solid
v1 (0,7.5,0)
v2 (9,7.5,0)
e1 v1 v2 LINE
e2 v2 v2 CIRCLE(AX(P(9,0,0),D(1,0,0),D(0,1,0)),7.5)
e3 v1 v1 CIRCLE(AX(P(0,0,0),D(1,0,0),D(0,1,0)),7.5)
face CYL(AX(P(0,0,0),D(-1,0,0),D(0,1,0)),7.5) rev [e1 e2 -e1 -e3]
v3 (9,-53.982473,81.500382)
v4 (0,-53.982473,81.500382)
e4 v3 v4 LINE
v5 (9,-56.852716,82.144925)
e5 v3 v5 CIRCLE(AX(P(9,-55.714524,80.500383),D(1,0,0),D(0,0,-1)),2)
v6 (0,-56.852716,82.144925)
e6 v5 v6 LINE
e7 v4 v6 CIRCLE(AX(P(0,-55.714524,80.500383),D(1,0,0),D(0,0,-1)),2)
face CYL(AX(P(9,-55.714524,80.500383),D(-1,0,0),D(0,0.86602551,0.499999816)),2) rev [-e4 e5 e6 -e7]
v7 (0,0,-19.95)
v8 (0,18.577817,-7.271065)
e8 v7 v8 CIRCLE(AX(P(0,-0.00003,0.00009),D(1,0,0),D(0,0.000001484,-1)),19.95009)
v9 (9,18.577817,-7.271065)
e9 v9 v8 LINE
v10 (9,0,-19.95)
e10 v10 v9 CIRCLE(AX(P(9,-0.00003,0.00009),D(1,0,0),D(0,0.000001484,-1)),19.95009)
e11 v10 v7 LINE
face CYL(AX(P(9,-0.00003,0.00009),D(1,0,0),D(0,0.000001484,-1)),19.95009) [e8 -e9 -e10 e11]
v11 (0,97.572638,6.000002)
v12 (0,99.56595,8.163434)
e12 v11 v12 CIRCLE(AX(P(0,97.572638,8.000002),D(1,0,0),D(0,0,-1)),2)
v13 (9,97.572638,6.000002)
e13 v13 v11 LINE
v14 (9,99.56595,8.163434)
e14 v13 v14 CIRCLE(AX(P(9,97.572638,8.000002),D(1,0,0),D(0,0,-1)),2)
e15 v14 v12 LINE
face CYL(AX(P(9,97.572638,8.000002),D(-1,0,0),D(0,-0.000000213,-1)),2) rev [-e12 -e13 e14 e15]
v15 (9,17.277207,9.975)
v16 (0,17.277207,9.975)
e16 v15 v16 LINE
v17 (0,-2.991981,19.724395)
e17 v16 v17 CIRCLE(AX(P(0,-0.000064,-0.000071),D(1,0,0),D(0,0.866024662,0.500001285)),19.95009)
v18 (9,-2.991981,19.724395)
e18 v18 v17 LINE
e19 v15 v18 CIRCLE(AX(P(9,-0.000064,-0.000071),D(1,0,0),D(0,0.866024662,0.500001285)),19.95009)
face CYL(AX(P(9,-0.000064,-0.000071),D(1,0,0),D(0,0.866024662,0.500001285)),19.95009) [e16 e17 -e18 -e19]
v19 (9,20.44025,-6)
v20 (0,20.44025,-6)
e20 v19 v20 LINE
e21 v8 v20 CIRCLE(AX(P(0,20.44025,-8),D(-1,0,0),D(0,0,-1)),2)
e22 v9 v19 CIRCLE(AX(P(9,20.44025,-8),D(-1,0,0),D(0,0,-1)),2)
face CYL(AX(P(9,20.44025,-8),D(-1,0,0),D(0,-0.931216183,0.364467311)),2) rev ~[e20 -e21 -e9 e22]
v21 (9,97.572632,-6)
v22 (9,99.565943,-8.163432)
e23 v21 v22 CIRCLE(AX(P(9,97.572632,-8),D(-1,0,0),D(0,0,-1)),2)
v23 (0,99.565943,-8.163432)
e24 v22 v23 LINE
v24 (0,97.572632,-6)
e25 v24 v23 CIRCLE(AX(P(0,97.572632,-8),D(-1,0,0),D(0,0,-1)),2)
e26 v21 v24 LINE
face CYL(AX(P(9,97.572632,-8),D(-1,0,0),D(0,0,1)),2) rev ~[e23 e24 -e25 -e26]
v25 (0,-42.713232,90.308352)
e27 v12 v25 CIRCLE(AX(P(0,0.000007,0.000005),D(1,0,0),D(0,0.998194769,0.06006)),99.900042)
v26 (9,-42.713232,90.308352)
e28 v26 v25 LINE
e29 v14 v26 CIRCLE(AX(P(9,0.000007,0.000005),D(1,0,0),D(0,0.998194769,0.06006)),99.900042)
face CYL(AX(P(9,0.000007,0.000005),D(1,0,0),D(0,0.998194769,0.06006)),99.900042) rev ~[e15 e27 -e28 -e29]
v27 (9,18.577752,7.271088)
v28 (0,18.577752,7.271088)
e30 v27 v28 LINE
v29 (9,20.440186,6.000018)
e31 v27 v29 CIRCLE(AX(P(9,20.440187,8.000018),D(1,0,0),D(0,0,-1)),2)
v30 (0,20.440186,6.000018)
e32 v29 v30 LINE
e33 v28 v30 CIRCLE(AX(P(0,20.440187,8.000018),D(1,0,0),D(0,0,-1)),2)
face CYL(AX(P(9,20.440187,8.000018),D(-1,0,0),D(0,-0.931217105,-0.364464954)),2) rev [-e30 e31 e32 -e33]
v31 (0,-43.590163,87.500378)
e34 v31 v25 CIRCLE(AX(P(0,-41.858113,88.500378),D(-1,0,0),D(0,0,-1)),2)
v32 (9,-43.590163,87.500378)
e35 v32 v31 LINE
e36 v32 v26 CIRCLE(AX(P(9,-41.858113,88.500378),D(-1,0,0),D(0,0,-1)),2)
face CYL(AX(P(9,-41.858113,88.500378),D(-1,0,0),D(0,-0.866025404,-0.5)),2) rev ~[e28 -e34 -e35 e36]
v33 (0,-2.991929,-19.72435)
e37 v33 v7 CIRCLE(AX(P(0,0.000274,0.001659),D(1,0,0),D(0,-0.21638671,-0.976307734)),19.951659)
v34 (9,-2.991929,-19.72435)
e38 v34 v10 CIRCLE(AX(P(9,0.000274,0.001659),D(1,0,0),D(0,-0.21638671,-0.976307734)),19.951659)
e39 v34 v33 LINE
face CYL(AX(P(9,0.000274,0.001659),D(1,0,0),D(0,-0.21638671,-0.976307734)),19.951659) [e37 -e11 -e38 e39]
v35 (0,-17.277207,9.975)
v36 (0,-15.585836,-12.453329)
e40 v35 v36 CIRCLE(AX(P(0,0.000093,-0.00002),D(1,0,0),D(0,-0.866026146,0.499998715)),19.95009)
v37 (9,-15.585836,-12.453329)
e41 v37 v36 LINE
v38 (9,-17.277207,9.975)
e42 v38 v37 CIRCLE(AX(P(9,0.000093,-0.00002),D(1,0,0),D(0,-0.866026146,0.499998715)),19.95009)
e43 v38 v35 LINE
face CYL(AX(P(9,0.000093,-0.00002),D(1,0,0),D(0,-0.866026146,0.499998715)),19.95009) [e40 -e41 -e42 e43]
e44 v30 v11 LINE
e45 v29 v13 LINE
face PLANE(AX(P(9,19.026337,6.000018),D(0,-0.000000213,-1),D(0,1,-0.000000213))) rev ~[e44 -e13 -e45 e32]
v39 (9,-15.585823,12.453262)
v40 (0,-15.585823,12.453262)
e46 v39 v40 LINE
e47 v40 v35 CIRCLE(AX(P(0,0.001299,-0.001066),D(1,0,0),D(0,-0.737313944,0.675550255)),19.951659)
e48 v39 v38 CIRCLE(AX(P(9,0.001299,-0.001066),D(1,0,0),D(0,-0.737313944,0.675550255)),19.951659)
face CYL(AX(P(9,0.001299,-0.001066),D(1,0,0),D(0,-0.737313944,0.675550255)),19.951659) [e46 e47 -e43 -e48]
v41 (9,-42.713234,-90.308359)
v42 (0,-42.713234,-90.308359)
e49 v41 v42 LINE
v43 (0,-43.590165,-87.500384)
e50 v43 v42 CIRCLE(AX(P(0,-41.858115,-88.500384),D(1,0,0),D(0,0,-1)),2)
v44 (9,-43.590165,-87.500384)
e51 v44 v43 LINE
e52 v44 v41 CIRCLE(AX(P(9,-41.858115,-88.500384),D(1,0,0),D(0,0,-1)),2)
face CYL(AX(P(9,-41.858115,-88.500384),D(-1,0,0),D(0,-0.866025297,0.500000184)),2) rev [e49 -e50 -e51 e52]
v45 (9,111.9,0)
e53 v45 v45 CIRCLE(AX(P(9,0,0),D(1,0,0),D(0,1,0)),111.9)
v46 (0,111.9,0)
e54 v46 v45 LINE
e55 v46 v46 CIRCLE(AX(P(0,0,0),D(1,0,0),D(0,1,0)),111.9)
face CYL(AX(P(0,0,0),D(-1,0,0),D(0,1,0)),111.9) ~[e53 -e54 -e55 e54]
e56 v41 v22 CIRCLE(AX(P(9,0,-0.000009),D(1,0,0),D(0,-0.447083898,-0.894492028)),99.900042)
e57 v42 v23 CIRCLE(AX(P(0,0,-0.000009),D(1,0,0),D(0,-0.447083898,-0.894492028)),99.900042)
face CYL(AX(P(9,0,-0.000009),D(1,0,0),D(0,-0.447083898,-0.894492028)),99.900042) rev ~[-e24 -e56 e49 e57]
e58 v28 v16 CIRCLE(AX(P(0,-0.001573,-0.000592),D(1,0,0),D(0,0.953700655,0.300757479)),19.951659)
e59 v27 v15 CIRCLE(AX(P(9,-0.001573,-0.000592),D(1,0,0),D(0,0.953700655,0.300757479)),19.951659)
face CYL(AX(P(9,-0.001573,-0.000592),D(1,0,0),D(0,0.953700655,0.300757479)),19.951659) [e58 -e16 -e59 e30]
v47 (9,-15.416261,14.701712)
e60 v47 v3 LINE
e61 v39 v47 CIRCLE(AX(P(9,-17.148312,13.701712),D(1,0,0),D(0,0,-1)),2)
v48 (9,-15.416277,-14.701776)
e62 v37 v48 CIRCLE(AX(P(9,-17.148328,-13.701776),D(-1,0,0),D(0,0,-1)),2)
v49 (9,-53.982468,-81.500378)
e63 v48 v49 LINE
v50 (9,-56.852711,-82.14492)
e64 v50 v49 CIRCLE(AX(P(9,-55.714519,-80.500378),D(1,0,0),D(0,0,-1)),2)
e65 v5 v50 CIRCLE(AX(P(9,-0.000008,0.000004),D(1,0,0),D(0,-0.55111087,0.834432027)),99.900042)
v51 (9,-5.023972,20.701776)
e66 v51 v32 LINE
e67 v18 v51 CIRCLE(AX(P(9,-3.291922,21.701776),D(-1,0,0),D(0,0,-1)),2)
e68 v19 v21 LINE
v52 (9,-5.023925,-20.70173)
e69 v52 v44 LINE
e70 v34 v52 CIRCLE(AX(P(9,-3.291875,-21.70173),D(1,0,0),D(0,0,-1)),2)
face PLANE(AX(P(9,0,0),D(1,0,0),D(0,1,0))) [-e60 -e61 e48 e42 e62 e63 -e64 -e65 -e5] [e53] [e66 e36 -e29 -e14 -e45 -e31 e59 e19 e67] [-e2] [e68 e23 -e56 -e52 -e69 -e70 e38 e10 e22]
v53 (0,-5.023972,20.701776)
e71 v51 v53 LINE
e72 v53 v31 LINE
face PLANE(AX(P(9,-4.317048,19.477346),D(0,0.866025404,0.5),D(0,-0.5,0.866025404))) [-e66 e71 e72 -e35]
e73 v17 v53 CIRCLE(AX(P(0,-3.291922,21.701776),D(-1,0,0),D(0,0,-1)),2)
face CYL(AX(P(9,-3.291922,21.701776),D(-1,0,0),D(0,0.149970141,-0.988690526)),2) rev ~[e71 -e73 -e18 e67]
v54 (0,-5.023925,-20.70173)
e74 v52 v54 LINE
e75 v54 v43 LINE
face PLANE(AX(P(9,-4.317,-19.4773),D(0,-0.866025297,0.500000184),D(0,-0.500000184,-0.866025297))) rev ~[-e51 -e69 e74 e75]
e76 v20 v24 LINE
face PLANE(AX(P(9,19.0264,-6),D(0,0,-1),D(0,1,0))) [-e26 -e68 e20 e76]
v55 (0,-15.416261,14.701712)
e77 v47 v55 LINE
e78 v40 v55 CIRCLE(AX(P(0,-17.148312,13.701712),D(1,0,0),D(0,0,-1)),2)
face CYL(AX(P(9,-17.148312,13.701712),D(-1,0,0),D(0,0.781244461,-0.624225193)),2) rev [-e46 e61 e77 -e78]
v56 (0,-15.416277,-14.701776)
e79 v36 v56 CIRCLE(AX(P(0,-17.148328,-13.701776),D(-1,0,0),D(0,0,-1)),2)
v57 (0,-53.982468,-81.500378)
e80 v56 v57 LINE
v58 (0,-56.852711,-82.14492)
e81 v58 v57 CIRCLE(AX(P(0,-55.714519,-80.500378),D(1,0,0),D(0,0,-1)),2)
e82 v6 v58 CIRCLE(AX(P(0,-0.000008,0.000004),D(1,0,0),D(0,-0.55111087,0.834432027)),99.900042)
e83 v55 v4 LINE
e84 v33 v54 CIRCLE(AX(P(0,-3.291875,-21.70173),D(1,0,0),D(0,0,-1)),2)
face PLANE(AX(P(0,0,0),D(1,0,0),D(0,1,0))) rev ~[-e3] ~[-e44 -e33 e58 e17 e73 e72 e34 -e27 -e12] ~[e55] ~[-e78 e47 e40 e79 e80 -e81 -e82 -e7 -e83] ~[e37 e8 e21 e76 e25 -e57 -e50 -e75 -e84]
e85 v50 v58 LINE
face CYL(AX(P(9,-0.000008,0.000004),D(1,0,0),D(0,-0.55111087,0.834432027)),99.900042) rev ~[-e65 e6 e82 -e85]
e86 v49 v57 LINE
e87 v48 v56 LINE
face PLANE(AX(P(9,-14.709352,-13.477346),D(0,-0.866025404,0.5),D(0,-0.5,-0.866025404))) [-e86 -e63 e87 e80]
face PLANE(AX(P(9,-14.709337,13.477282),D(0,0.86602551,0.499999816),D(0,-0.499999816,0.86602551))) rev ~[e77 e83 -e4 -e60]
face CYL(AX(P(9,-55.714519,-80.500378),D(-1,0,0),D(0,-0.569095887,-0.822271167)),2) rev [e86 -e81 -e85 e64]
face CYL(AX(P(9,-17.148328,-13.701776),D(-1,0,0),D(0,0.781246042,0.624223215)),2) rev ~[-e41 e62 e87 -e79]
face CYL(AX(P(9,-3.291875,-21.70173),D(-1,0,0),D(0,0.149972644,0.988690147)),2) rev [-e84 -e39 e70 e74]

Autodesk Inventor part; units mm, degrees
ref_plane "YZ Plane" through (0, 0, 0) normal (1, 0, 0) x (0, 1, 0)
ref_plane "XZ Plane" through (0, 0, 0) normal (0, 1, 0) x (-1, 0, 0)
ref_plane "XY Plane" through (0, 0, 0) normal (0, 0, 1) x (1, 0, 0)
sketch "Sketch1" plane through (0, 0, 0) normal (1, 0, 0) x (0, 1, 0)
  circle A0 centre (0, 0) radius 7.5
  circle A1 centre (0, 0) radius 111.9
  dimension "D_eje" = 15
  dimension "d1" = 223.8
extrude "Extrusion1" add sketch "Sketch1" along normal blind 9
sketch "Sketch2" plane through (9, 0, 0) normal (1, 0, 0) x (0, 0, -1)
  line L0 (6, 19.0264) -> (6, 99.7197)
  line L1 (0, -188.1875) -> (0, 173.8632) construction
  arc A0 (0, 19.95) -> (-13.4773, 14.7093) centre (0, 0) ccw construction
  circle A1 centre (0, 0) radius 7.5 construction
  arc A2 (0, 99.9) -> (86.5159, -49.95) centre (0, 0) ccw construction
  line L2 (181.1282, 0) -> (-189.3983, 0) construction
  arc A3 (6, 19.0264) -> (0, 19.95) centre (0, 0) ccw construction
  arc A4 (-19.95, 0) -> (0, -19.95) centre (0, 0) ccw construction
  arc A5 (0, -19.95) -> (17.2772, -9.975) centre (0, 0) ccw construction
  arc A6 (19.95, 0) -> (6, 19.0264) centre (0, 0) ccw
  line L3 (0, 0) -> (86.5159, -49.95) construction
  line L4 (19.4773, -4.317) -> (89.3598, -44.6637)
  arc A7 (-13.4773, 14.7093) -> (-19.95, 0) centre (0, 0) ccw construction
  arc A8 (19.4773, -4.317) -> (19.95, 0) centre (0, 0) ccw
  arc A9 (17.2772, -9.975) -> (19.4773, -4.317) centre (0, 0) ccw construction
  arc A10 (6, 99.7197) -> (0, 99.9) centre (0, 0) ccw construction
  arc A11 (86.5159, -49.95) -> (89.3598, -44.6637) centre (0, 0) ccw construction
  arc A12 (89.3598, -44.6637) -> (6, 99.7197) centre (0, 0) ccw
  line L5 (-19.4773, -4.317) -> (-89.3598, -44.6637)
  arc A13 (-6, 99.7197) -> (-89.3598, -44.6637) centre (0, 0) ccw
  line L6 (-6, 19.0264) -> (-6, 99.7197)
  arc A14 (-9.975, 17.2772) -> (-19.4773, -4.317) centre (0, 0) ccw
  line L7 (13.4773, -14.7093) -> (83.3598, -55.056)
  arc A15 (-83.3598, -55.056) -> (83.3598, -55.056) centre (0, 0) ccw
  line L8 (-13.4773, -14.7093) -> (-83.3598, -55.056)
  arc A16 (-9.975, -17.2772) -> (13.4773, -14.7093) centre (0, 0) ccw
  point P0 (-6, -19.0264)
  point P1 (19.4773, 4.317)
  dimension "d4" = 6
  dimension "d7" = 39.9
  dimension "d8" = 199.8
  dimension "d10" = 120
  dimension "d11" = 6
  dimension "d14" = 360
extrude "Extrusion2" cut sketch "Sketch2" against normal blind 9
pattern_circular "Circular Pattern1" count 3 over 360 about axis through (-10, 0, 0) along (1, 0, 0) of "Extrusion2"
fillet "Fillet1" radius 2 12 edges at (4.5, -14.7093, -13.4773) (4.5, -14.7093, 13.4773) (4.5, -55.056, 83.3598) (4.5, -55.056, -83.3598) (4.5, -44.6637, -89.3598) (4.5, 99.7197, -6) (4.5, -4.317, -19.4773) (4.5, 19.0264, -6) (4.5, 19.0264, 6) (4.5, -4.317, 19.4773) (4.5, 99.7197, 6) (4.5, -44.6637, 89.3598)
properties part number "Rueda_triciclo" material "Aluminum 6061"
